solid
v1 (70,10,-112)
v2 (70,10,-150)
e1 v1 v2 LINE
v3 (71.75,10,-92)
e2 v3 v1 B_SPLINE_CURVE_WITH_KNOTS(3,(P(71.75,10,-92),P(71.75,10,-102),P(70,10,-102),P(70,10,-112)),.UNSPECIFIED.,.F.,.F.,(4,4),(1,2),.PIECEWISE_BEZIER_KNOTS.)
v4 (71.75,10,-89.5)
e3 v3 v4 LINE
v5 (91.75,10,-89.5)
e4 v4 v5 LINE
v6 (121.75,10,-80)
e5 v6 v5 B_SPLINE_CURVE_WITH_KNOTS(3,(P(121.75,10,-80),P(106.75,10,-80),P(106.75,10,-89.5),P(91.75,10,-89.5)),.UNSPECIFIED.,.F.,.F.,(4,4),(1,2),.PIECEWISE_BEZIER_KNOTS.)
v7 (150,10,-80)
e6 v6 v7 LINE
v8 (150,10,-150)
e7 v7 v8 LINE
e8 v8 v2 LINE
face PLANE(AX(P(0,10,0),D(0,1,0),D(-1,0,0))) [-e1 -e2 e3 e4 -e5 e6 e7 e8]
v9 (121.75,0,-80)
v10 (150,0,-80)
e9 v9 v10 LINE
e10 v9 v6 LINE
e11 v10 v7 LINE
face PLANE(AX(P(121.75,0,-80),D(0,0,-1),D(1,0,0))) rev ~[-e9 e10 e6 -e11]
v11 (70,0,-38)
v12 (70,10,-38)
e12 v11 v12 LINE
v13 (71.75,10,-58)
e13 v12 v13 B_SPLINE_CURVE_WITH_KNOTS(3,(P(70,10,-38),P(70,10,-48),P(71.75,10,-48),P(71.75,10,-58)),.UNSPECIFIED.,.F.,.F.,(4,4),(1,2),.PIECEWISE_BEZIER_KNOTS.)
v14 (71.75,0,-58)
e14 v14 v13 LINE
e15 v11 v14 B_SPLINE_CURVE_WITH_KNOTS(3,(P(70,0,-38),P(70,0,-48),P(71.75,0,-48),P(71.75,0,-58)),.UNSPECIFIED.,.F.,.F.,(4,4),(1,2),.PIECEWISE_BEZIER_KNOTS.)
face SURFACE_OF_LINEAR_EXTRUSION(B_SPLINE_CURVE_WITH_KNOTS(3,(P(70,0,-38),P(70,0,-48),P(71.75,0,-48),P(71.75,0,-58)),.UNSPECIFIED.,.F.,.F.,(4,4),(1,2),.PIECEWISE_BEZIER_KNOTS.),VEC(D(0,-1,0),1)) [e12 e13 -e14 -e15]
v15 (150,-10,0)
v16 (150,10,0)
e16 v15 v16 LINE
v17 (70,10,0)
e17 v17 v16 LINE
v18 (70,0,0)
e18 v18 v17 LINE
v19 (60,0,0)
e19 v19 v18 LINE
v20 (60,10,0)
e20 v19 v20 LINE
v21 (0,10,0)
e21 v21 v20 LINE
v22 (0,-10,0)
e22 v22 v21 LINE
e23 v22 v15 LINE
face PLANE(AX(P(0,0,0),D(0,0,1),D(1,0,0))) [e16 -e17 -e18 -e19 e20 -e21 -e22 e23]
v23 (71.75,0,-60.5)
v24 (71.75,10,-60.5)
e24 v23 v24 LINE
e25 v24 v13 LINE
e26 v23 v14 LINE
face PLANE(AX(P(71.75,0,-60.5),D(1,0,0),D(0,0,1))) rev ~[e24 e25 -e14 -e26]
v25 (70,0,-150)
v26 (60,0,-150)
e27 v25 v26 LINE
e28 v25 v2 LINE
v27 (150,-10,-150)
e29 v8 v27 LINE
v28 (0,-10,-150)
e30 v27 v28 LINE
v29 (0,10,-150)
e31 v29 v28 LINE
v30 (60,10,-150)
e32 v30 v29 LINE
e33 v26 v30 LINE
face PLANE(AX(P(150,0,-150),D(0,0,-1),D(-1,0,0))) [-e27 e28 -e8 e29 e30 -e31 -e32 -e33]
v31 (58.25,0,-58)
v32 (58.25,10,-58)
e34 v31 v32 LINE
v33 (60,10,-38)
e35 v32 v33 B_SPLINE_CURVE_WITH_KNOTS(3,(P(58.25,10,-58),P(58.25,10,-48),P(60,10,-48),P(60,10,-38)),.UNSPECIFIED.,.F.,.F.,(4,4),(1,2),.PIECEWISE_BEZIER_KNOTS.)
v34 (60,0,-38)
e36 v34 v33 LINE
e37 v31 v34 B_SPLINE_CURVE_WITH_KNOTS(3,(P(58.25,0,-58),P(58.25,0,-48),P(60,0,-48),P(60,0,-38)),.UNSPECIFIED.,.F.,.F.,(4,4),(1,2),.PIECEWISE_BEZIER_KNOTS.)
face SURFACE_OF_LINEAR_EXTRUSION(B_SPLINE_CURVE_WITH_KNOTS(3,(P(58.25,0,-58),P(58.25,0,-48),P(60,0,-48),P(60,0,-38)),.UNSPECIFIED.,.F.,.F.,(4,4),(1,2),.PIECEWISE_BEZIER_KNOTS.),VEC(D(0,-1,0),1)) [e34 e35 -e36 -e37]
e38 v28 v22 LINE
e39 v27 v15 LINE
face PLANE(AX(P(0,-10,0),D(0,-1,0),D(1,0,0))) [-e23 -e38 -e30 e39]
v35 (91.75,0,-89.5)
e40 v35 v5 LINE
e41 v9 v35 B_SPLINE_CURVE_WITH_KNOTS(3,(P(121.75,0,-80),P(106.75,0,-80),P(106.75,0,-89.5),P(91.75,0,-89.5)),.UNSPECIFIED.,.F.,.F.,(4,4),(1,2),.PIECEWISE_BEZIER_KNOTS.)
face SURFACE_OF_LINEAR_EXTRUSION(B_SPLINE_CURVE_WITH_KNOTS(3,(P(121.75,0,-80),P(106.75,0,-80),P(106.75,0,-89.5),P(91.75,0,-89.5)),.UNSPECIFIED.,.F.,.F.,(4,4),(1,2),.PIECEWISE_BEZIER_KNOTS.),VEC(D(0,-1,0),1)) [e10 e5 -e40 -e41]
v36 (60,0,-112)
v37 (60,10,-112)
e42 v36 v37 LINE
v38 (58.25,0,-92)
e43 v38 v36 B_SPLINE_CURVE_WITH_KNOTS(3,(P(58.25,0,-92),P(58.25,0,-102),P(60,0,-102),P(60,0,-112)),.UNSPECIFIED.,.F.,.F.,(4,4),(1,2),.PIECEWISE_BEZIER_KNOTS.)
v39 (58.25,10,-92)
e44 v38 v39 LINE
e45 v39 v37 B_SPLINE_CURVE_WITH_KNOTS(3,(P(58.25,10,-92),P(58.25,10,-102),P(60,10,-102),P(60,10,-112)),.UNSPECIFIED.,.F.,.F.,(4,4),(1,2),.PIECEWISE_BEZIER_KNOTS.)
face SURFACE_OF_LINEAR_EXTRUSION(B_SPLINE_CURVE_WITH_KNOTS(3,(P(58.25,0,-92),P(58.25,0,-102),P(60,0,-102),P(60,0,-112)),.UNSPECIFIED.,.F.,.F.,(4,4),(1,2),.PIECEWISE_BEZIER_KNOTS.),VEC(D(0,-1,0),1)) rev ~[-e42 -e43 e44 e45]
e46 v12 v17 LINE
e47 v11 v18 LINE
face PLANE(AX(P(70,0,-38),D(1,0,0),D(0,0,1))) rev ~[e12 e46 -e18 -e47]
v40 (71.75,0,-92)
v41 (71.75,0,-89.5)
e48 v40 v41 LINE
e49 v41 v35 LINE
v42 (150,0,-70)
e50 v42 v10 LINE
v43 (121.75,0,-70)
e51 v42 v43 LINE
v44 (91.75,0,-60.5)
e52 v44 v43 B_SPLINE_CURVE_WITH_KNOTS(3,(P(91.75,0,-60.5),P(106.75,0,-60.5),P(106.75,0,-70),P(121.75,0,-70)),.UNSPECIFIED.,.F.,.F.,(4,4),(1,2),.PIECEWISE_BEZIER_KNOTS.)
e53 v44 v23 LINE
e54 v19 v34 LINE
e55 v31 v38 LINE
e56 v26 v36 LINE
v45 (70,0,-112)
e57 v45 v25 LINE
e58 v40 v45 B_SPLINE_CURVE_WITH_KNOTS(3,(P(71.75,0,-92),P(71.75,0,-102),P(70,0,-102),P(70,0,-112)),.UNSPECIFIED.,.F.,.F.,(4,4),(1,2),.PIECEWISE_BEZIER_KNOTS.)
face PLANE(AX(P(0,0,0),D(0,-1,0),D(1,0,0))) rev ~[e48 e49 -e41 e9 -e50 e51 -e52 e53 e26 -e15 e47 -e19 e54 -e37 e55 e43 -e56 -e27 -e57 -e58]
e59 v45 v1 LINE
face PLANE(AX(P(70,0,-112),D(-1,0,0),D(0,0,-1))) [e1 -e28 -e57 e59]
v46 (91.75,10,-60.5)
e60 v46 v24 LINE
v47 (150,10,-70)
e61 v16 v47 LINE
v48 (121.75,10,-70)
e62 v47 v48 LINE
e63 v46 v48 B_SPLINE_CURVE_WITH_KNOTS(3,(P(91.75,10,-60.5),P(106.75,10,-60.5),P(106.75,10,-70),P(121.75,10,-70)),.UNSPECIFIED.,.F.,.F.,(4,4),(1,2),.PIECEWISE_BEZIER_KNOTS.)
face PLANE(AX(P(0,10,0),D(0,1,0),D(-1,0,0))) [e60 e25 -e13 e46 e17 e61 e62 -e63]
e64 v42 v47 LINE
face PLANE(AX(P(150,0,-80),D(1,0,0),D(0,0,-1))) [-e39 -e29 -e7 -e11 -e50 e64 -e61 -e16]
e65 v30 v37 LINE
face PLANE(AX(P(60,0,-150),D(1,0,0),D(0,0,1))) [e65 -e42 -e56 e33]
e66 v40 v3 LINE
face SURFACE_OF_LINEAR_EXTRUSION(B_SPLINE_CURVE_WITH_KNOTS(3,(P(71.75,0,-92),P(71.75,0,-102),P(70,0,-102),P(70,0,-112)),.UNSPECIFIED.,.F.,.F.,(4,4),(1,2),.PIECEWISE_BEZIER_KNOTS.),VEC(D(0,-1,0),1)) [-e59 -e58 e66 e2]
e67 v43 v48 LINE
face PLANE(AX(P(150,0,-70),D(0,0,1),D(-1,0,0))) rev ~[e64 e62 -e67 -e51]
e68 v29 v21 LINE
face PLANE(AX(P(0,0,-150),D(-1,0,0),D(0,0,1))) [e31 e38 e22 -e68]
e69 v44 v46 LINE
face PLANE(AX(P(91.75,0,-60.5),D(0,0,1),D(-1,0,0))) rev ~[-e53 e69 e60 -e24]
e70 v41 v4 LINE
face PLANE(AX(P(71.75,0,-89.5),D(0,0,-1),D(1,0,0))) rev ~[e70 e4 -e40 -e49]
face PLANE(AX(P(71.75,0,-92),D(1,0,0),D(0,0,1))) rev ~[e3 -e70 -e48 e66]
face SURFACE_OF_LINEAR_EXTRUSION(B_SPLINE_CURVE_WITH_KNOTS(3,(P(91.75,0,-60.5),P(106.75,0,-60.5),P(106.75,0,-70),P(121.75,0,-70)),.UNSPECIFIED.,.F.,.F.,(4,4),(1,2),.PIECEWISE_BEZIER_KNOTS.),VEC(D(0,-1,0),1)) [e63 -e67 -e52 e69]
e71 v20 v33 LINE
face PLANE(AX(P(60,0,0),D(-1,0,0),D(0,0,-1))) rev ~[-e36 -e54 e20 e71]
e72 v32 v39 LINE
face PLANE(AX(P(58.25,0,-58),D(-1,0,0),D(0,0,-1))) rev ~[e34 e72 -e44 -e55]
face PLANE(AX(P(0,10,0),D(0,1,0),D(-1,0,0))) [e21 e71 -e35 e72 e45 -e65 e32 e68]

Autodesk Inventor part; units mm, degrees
ref_plane "YZ Plane" through (0, 0, 0) normal (1, 0, 0) x (0, 1, 0)
ref_plane "XZ Plane" through (0, 0, 0) normal (0, 1, 0) x (-1, 0, 0)
ref_plane "XY Plane" through (0, 0, 0) normal (0, 0, 1) x (1, 0, 0)
sketch "Sketch1" plane through (0, 0, 0) normal (0, 1, 0) x (-1, 0, 0)
  line L0 (0, 0) -> (-150, 0)
  line L1 (-150, 0) -> (-150, -150)
  line L2 (-150, -150) -> (0, -150)
  line L3 (0, -150) -> (0, 0)
  line L4 (-58.25, -58) -> (-58.25, -92)
  line L5 (-58.25, -92) -> (-71.75, -92)
  line L6 (-71.75, -92) -> (-71.75, -89.5)
  line L7 (-71.75, -89.5) -> (-91.75, -89.5)
  line L8 (-91.75, -89.5) -> (-91.75, -60.5)
  line L9 (-91.75, -60.5) -> (-71.75, -60.5)
  line L10 (-71.75, -60.5) -> (-71.75, -58)
  line L11 (-71.75, -58) -> (-58.25, -58)
  line L12 (-150, -70) -> (-91.75, -70)
  line L13 (-91.75, -70) -> (-91.75, -80)
  line L14 (-91.75, -80) -> (-150, -80)
  line L15 (-150, -80) -> (-150, -70)
  line L16 (-70, -150) -> (-60, -150)
  line L17 (-60, -150) -> (-60, -92)
  line L18 (-60, -92) -> (-70, -92)
  line L19 (-70, -92) -> (-70, -150)
  line L20 (-60, -58) -> (-70, -58)
  line L21 (-70, -58) -> (-70, 0)
  line L22 (-70, 0) -> (-60, 0)
  line L23 (-60, 0) -> (-60, -58)
  line L24 (-91.75, -70) -> (-121.75, -70)
  line L25 (-91.75, -60.5) -> (-106.75, -60.5) construction
  line L26 (-106.75, -60.5) -> (-106.75, -70) construction
  line L27 (-91.75, -60.5) -> (-106.75, -60.5) construction
  line L28 (-106.75, -60.5) -> (-106.75, -70) construction
  line L29 (-106.75, -70) -> (-121.75, -70) construction
  spline S0 degree 3 poles (-91.75, -60.5) (-106.75, -60.5) (-106.75, -70) (-121.75, -70) knots 1 1 1 1 2 2 2 2
  line L30 (-121.75, -80) -> (-106.75, -80) construction
  line L31 (-106.75, -80) -> (-106.75, -89.5) construction
  line L32 (-106.75, -89.5) -> (-91.75, -89.5) construction
  spline S1 degree 3 poles (-121.75, -80) (-106.75, -80) (-106.75, -89.5) (-91.75, -89.5) knots 1 1 1 1 2 2 2 2
  line L33 (-60, -48) -> (-70, -48) construction
  line L34 (-60, -38) -> (-70, -38) construction
  line L35 (-58.25, -58) -> (-58.25, -48) construction
  line L36 (-58.25, -48) -> (-60, -48) construction
  line L37 (-60, -48) -> (-60, -38) construction
  spline S2 degree 3 poles (-58.25, -58) (-58.25, -48) (-60, -48) (-60, -38) knots 1 1 1 1 2 2 2 2
  line L38 (-70, -38) -> (-70, -48) construction
  line L39 (-70, -48) -> (-71.75, -48) construction
  line L40 (-71.75, -48) -> (-71.75, -58) construction
  spline S3 degree 3 poles (-70, -38) (-70, -48) (-71.75, -48) (-71.75, -58) knots 1 1 1 1 2 2 2 2
  line L41 (-60, -102) -> (-70, -102)
  line L42 (-60, -112) -> (-70, -112)
  line L43 (-58.25, -92) -> (-58.25, -102) construction
  line L44 (-58.25, -102) -> (-60, -102) construction
  line L45 (-60, -102) -> (-60, -112) construction
  spline S4 degree 3 poles (-58.25, -92) (-58.25, -102) (-60, -102) (-60, -112) knots 1 1 1 1 2 2 2 2
  line L46 (-71.75, -92) -> (-71.75, -102) construction
  line L47 (-71.75, -102) -> (-70, -102) construction
  line L48 (-70, -102) -> (-70, -112) construction
  spline S5 degree 3 poles (-71.75, -92) (-71.75, -102) (-70, -102) (-70, -112) knots 1 1 1 1 2 2 2 2
  dimension "d0" = 150
  dimension "d1" = 150
  dimension "d18" = 34
  dimension "d19" = 13.5
  dimension "d20" = 2.5
  dimension "d21" = 20
  dimension "d22" = 29
  dimension "d23" = 20
  dimension "d24" = 2.5
  dimension "d25" = 58.25
  dimension "d26" = 58
  dimension "d27" = 10
  dimension "d28" = 70
  dimension "d29" = 58.25
  dimension "d30" = 10
  dimension "d31" = 1.75
  dimension "d32" = 0
  dimension "d33" = 10
  dimension "d34" = 1.75
  dimension "d35" = 30
  dimension "d36" = 15
  dimension "d37" = 106.75
  dimension "d38" = 121.75
  dimension "d39" = 10
  dimension "d40" = 44
  dimension "d41" = 10
  dimension "d42" = 10
extrude "Extrusion1" add sketch "Sketch1" along normal blind 10 contours L3 L2 L17 S4 L4 S2 L23 L0 | L21 S3 L10 L9 S0 L12 L1 L0 | L2 L1 L14 S1 L7 L6 S5 L19
sketch "Sketch2" plane through (0, 0, 0) normal (0, -1, 0) x (1, 0, 0)
  line L0 (0, -150) -> (0, 0) projected
  line L1 (150, -80) -> (150, -150) projected
  line L2 (0, 0) -> (150, 0)
  line L3 (150, 0) -> (150, -150)
  line L4 (150, -150) -> (0, -150)
  line L5 (0, -150) -> (0, 0)
extrude "Extrusion2" add sketch "Sketch2" along normal blind 10
properties part number "board"
